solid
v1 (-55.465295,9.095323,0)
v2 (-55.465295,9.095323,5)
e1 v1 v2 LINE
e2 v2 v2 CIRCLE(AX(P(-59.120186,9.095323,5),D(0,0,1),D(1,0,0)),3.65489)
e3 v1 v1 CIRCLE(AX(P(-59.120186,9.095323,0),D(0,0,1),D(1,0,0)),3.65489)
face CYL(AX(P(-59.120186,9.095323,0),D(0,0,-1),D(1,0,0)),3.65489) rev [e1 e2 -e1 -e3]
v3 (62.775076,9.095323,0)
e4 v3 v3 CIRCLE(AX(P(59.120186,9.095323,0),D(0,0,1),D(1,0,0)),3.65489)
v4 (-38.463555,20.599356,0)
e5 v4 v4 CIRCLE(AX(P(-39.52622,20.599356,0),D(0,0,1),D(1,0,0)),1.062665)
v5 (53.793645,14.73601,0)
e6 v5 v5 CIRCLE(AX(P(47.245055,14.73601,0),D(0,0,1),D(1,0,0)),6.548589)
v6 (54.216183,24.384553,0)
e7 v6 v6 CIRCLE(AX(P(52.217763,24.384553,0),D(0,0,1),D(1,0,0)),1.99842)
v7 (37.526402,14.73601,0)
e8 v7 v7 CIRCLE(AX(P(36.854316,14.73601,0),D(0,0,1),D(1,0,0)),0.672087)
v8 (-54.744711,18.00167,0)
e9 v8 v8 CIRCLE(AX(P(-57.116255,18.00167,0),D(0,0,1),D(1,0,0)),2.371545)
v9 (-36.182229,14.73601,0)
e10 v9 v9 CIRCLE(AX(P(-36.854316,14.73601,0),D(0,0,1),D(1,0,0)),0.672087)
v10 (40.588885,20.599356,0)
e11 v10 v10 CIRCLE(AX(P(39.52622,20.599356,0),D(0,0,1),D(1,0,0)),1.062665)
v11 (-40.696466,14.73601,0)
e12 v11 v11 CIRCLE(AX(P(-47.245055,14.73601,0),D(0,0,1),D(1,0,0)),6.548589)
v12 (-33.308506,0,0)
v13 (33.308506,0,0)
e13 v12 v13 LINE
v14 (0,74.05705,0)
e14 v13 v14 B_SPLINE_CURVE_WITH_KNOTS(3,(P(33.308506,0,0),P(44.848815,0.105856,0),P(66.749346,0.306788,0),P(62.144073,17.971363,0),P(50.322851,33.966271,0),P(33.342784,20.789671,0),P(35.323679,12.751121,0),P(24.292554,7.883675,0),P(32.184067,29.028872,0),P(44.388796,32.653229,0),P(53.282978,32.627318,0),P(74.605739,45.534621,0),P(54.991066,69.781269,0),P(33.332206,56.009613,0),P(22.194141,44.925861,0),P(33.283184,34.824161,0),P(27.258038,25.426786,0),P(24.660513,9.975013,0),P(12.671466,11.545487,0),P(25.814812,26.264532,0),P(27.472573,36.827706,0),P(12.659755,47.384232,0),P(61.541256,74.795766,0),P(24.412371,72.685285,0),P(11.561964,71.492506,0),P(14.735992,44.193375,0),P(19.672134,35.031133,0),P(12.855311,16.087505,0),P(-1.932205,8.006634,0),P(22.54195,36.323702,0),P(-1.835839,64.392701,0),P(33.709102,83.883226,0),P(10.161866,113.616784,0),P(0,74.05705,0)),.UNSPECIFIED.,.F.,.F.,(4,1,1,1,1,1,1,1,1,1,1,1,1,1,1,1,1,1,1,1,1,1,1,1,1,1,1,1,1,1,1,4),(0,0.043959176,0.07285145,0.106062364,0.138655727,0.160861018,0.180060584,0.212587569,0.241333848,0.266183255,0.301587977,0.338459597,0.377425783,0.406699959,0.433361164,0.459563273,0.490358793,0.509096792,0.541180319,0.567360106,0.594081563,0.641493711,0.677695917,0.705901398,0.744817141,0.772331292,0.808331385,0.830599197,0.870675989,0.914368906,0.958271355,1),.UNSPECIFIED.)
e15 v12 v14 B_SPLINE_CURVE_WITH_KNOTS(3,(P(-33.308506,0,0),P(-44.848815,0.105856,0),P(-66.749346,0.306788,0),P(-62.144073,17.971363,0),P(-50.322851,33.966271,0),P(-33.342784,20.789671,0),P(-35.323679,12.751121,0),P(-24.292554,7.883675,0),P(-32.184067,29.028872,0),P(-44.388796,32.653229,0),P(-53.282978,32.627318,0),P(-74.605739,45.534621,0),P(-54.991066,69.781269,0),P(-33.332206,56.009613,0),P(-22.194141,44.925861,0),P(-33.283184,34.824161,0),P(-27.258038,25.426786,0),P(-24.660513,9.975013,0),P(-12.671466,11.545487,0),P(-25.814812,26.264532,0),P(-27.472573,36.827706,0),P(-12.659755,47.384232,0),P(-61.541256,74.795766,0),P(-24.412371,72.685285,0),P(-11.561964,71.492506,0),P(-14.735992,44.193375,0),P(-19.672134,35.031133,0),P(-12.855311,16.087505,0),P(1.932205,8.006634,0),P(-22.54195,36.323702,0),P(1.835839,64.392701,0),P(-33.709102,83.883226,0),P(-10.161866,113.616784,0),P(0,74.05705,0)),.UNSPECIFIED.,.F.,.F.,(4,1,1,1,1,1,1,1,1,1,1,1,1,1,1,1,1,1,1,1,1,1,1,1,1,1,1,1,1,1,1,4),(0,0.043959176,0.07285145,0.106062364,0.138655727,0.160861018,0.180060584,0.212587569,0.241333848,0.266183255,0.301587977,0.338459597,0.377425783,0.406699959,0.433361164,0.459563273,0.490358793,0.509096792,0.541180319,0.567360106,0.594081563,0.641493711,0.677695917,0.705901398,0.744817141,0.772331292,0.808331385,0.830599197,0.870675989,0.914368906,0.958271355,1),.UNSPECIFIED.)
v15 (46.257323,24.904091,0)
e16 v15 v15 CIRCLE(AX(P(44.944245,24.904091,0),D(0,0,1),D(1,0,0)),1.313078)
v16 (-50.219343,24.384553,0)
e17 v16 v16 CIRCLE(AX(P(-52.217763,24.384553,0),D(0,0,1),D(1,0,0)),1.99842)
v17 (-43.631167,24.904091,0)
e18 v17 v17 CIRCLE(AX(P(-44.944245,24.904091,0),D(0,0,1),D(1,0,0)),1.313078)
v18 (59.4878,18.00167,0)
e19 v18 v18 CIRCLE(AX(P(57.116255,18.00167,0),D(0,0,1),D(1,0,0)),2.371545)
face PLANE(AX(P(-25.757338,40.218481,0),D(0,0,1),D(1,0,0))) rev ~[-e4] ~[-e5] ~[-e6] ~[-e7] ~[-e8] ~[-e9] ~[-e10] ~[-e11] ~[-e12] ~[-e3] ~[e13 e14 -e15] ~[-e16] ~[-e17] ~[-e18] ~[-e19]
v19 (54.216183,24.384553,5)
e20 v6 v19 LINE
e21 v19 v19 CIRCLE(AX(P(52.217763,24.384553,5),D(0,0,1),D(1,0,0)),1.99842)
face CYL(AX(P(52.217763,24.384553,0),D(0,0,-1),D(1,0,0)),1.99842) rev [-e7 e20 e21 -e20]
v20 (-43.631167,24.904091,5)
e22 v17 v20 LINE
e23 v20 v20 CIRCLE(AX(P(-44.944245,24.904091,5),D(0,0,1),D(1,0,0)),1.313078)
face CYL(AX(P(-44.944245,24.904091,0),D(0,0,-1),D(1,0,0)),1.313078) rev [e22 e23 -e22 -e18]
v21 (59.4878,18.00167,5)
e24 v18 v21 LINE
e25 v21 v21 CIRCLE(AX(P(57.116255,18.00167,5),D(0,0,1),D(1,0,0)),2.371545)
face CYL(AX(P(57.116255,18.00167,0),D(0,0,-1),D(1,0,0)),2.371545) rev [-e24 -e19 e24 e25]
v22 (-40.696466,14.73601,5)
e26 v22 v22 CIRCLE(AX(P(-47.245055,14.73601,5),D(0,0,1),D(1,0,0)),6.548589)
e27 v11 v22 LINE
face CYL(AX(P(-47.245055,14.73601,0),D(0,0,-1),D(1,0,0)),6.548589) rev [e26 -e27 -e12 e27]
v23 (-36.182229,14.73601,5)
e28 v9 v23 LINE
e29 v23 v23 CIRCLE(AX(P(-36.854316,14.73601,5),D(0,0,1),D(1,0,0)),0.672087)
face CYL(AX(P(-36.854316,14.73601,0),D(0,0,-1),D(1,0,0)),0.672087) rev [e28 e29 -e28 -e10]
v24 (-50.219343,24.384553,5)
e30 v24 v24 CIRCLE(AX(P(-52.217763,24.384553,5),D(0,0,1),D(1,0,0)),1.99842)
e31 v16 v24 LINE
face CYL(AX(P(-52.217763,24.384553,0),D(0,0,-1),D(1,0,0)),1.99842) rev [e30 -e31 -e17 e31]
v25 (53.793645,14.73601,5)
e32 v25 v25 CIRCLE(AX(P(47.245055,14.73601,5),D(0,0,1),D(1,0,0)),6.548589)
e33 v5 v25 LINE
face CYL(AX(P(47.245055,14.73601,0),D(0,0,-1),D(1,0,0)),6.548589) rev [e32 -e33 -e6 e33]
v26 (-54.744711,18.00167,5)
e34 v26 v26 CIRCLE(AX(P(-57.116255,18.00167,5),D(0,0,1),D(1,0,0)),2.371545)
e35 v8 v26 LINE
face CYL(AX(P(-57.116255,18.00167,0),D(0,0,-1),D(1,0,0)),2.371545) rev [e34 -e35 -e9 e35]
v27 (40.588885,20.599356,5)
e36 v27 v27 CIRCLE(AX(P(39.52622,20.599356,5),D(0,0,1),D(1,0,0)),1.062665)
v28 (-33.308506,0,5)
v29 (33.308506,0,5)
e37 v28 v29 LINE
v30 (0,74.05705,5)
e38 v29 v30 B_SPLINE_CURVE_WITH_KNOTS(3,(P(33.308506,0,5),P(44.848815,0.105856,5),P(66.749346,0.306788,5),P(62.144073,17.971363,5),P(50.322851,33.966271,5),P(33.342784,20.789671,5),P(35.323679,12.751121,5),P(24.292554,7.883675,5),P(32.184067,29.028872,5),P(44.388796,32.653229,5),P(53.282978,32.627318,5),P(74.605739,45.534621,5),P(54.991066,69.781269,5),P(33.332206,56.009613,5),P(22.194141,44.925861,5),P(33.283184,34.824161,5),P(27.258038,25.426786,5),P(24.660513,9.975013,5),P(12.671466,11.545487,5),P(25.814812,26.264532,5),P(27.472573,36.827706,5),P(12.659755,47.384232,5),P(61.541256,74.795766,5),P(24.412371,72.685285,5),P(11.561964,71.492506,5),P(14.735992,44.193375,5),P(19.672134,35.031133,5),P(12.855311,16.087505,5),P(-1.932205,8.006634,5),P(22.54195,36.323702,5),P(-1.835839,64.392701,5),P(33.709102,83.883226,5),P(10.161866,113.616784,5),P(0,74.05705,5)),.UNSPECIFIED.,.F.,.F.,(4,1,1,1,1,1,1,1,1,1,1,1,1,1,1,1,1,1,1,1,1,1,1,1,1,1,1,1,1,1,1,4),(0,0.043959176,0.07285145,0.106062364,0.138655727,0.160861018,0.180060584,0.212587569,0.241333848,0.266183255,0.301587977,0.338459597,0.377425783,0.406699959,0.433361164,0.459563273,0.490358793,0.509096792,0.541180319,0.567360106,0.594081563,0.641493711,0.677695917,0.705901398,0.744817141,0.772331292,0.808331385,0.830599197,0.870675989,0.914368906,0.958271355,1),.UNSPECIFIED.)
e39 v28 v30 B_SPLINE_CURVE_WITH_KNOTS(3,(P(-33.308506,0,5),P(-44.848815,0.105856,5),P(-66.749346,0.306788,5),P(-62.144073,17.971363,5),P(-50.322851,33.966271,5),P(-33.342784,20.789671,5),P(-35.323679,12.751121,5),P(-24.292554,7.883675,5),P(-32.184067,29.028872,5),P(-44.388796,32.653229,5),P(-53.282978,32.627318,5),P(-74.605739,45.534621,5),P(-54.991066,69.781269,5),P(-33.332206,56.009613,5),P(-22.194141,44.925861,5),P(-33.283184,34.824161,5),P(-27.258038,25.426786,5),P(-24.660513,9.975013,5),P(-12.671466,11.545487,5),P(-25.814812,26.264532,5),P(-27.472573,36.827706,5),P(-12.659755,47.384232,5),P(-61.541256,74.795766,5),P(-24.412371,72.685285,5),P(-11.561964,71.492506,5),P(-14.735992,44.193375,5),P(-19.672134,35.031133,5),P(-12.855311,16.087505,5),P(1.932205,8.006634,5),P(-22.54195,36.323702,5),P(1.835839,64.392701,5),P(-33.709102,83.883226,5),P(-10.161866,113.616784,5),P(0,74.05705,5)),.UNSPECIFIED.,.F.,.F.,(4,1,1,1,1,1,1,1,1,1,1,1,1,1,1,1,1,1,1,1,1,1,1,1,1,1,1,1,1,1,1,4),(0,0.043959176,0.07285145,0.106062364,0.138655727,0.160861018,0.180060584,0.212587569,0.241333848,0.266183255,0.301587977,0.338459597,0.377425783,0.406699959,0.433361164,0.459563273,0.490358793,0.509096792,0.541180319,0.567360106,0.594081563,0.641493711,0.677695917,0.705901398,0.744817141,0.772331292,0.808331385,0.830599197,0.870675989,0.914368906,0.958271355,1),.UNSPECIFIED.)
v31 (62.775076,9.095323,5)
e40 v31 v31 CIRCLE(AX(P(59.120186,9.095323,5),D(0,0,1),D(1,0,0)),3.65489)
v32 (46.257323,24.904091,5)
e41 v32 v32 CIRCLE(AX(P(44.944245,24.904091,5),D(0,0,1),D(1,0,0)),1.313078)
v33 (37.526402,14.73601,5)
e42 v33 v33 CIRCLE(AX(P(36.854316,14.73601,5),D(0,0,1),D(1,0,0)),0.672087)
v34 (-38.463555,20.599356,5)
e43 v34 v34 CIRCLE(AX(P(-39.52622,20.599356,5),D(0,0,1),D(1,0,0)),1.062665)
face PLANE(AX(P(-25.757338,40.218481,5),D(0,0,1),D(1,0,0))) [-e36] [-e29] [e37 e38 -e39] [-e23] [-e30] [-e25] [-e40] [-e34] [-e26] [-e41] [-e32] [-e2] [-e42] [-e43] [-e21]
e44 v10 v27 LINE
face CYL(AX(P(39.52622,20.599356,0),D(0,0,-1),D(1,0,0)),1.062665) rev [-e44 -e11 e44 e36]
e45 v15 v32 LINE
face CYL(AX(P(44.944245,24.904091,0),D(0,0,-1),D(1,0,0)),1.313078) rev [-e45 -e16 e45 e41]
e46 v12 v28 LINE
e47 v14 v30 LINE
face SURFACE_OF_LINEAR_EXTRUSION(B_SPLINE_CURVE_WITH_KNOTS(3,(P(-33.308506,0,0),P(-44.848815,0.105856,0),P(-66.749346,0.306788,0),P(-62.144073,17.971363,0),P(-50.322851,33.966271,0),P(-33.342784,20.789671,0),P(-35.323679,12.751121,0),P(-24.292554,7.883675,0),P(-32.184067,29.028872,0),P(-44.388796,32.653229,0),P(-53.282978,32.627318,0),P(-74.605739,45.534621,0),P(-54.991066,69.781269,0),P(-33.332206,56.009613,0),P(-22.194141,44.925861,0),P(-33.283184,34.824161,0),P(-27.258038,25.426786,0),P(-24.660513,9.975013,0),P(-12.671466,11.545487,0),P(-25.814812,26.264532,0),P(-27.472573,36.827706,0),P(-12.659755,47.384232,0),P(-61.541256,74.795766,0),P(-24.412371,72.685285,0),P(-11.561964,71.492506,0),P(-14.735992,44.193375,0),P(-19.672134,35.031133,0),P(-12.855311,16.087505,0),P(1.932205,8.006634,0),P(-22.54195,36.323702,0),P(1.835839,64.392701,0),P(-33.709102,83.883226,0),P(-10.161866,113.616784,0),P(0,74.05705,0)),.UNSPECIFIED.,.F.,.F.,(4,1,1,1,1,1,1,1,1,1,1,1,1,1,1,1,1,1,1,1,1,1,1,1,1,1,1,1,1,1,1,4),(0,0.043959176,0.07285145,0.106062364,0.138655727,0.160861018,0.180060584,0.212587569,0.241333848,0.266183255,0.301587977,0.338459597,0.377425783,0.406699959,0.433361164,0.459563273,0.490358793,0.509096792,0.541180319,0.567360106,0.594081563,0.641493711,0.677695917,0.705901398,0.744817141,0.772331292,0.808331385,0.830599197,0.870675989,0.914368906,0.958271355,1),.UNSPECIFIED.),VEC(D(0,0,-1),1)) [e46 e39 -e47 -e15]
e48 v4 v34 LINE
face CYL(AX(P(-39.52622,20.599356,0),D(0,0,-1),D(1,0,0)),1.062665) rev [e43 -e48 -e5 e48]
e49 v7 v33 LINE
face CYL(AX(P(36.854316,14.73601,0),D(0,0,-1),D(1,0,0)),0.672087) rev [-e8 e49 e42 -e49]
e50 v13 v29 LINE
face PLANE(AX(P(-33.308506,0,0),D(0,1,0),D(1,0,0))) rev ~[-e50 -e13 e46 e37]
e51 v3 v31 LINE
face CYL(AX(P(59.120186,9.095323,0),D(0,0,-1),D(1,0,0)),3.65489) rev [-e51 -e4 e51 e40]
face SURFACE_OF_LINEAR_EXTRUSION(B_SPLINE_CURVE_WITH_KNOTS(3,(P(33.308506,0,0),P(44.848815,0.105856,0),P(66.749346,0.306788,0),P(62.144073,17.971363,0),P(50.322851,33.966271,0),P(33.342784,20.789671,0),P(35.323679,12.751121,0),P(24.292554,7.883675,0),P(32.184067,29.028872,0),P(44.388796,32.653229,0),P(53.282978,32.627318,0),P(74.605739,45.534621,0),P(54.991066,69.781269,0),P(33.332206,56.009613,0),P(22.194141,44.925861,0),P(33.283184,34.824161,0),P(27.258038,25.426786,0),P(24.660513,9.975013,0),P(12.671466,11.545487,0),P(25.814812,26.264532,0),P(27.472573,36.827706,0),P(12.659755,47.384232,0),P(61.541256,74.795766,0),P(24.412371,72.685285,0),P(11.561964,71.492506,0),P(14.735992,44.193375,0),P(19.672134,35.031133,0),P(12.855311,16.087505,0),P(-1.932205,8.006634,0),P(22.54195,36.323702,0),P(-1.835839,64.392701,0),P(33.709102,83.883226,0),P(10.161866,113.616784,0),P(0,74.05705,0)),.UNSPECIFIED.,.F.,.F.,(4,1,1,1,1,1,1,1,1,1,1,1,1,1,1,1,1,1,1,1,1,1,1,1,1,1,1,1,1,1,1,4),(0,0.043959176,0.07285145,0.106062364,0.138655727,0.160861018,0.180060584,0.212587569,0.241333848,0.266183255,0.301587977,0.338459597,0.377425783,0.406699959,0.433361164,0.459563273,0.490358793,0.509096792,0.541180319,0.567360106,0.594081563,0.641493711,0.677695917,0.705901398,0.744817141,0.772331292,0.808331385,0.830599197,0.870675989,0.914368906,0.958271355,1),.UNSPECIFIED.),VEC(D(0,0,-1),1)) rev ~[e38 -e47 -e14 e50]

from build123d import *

# Parameters (mm, degrees)
F0_R     = 3.6548903536
F0_R_2   = 2.3715445218
F0_R_3   = 6.5485894214
F0_R_4   = 1.062665087
F0_R_5   = 1.9984200401
F0_R_6   = 1.3130779466
F0_R_7   = 0.6720868086
F1_DEPTH = 5
F2_ANGLE = 90


with BuildPart() as f1:
    # F0 (on Front) → F1 (new body)
    with BuildSketch(Plane.XZ):
        with BuildLine():
            Line((-33.308506012, 0), (0, 0))
            Line((0, 0), (0, 74.0570500493))
            add(Edge.make_bspline(
                [(-33.308506012, 0), (-44.8488150501, 0.1058556667), (-66.7493462965, 0.3067876594), (-62.1440728845, 17.9713628388), (-50.3228509175, 33.9662713887), (-33.3427839942, 20.789670533), (-35.3236788136, 12.7511207804), (-24.2925535972, 7.8836753756), (-32.1840669334, 29.0288722674), (-44.3887957552, 32.6532286354), (-53.2829778366, 32.6273180468), (-74.6057388285, 45.5346212253), (-54.9910657339, 69.7812686317), (-33.3322055382, 56.0096127726), (-22.1941410707, 44.9258608827), (-33.2831841793, 34.8241610663), (-27.258037631, 25.4267857352), (-24.6605125714, 9.9750125121), (-12.6714662552, 11.545487116), (-25.8148115402, 26.2645315654), (-27.4725731229, 36.8277063074), (-12.659754762, 47.3842323751), (-61.5412556283, 74.7957658953), (-24.4123710708, 72.6852845742), (-11.5619639046, 71.4925063375), (-14.7359919166, 44.1933747468), (-19.6721342442, 35.031132546), (-12.8553107875, 16.0875045605), (1.9322053588, 8.0066335667), (-22.5419496307, 36.3237024042), (1.8358387945, 64.3927005882), (-33.7091024498, 83.8832262487), (-10.1618660626, 113.6167842503), (0, 74.0570500493)],
                knots=[0, 0, 0, 0, 0.0439591756, 0.0728514499, 0.106062364, 0.1386557268, 0.1608610183, 0.1800605836, 0.2125875692, 0.241333848, 0.2661832551, 0.3015879767, 0.3384595972, 0.377425783, 0.4066999586, 0.4333611642, 0.459563273, 0.4903587934, 0.5090967925, 0.5411803188, 0.5673601055, 0.5940815627, 0.6414937108, 0.677695917, 0.705901398, 0.7448171414, 0.7723312921, 0.8083313849, 0.8305991969, 0.870675989, 0.9143689055, 0.9582713554, 1, 1, 1, 1], degree=3))
        make_face()
        with Locations((-59.1201856732, 9.095323272)):
            Circle(F0_R, mode=Mode.SUBTRACT)
        with Locations((-57.1162551641, 18.0016700178)):
            Circle(F0_R_2, mode=Mode.SUBTRACT)
        with Locations((-47.2450554371, 14.7360097617)):
            Circle(F0_R_3, mode=Mode.SUBTRACT)
        with Locations((-39.5262204111, 20.5993559211)):
            Circle(F0_R_4, mode=Mode.SUBTRACT)
        with Locations((-52.2177629173, 24.3845526129)):
            Circle(F0_R_5, mode=Mode.SUBTRACT)
        with Locations((-44.9442453682, 24.9040909111)):
            Circle(F0_R_6, mode=Mode.SUBTRACT)
        with Locations((-36.8543155491, 14.7360097617)):
            Circle(F0_R_7, mode=Mode.SUBTRACT)
        with BuildLine():
            Line((0, 74.0570500493), (0, 0))
            Line((0, 0), (33.308506012, 0))
            add(Edge.make_bspline(
                [(33.308506012, 0), (44.8488150501, 0.1058556667), (66.7493462965, 0.3067876594), (62.1440728845, 17.9713628388), (50.3228509175, 33.9662713887), (33.3427839942, 20.789670533), (35.3236788136, 12.7511207804), (24.2925535972, 7.8836753756), (32.1840669334, 29.0288722674), (44.3887957552, 32.6532286354), (53.2829778366, 32.6273180468), (74.6057388285, 45.5346212253), (54.9910657339, 69.7812686317), (33.3322055382, 56.0096127726), (22.1941410707, 44.9258608827), (33.2831841793, 34.8241610663), (27.258037631, 25.4267857352), (24.6605125714, 9.9750125121), (12.6714662552, 11.545487116), (25.8148115402, 26.2645315654), (27.4725731229, 36.8277063074), (12.659754762, 47.3842323751), (61.5412556283, 74.7957658953), (24.4123710708, 72.6852845742), (11.5619639046, 71.4925063375), (14.7359919166, 44.1933747468), (19.6721342442, 35.031132546), (12.8553107875, 16.0875045605), (-1.9322053588, 8.0066335667), (22.5419496307, 36.3237024042), (-1.8358387945, 64.3927005882), (33.7091024498, 83.8832262487), (10.1618660626, 113.6167842503), (0, 74.0570500493)],
                knots=[0, 0, 0, 0, 0.0439591756, 0.0728514499, 0.106062364, 0.1386557268, 0.1608610183, 0.1800605836, 0.2125875692, 0.241333848, 0.2661832551, 0.3015879767, 0.3384595972, 0.377425783, 0.4066999586, 0.4333611642, 0.459563273, 0.4903587934, 0.5090967925, 0.5411803188, 0.5673601055, 0.5940815627, 0.6414937108, 0.677695917, 0.705901398, 0.7448171414, 0.7723312921, 0.8083313849, 0.8305991969, 0.870675989, 0.9143689055, 0.9582713554, 1, 1, 1, 1], degree=3))
        make_face()
        with Locations((36.8543155491, 14.7360097617)):
            Circle(F0_R_7, mode=Mode.SUBTRACT)
        with Locations((59.1201856732, 9.095323272)):
            Circle(F0_R, mode=Mode.SUBTRACT)
        with Locations((39.5262204111, 20.5993559211)):
            Circle(F0_R_4, mode=Mode.SUBTRACT)
        with Locations((47.2450554371, 14.7360097617)):
            Circle(F0_R_3, mode=Mode.SUBTRACT)
        with Locations((44.9442453682, 24.9040909111)):
            Circle(F0_R_6, mode=Mode.SUBTRACT)
        with Locations((52.2177629173, 24.3845526129)):
            Circle(F0_R_5, mode=Mode.SUBTRACT)
        with Locations((57.1162551641, 18.0016700178)):
            Circle(F0_R_2, mode=Mode.SUBTRACT)
    extrude(amount=F1_DEPTH)


with BuildPart() as f1_1:
    # F2: moved
    add(f1.part.rotate(Axis((0, 0, 0), (-1, 0, 0)), F2_ANGLE))


solid = f1_1.part
